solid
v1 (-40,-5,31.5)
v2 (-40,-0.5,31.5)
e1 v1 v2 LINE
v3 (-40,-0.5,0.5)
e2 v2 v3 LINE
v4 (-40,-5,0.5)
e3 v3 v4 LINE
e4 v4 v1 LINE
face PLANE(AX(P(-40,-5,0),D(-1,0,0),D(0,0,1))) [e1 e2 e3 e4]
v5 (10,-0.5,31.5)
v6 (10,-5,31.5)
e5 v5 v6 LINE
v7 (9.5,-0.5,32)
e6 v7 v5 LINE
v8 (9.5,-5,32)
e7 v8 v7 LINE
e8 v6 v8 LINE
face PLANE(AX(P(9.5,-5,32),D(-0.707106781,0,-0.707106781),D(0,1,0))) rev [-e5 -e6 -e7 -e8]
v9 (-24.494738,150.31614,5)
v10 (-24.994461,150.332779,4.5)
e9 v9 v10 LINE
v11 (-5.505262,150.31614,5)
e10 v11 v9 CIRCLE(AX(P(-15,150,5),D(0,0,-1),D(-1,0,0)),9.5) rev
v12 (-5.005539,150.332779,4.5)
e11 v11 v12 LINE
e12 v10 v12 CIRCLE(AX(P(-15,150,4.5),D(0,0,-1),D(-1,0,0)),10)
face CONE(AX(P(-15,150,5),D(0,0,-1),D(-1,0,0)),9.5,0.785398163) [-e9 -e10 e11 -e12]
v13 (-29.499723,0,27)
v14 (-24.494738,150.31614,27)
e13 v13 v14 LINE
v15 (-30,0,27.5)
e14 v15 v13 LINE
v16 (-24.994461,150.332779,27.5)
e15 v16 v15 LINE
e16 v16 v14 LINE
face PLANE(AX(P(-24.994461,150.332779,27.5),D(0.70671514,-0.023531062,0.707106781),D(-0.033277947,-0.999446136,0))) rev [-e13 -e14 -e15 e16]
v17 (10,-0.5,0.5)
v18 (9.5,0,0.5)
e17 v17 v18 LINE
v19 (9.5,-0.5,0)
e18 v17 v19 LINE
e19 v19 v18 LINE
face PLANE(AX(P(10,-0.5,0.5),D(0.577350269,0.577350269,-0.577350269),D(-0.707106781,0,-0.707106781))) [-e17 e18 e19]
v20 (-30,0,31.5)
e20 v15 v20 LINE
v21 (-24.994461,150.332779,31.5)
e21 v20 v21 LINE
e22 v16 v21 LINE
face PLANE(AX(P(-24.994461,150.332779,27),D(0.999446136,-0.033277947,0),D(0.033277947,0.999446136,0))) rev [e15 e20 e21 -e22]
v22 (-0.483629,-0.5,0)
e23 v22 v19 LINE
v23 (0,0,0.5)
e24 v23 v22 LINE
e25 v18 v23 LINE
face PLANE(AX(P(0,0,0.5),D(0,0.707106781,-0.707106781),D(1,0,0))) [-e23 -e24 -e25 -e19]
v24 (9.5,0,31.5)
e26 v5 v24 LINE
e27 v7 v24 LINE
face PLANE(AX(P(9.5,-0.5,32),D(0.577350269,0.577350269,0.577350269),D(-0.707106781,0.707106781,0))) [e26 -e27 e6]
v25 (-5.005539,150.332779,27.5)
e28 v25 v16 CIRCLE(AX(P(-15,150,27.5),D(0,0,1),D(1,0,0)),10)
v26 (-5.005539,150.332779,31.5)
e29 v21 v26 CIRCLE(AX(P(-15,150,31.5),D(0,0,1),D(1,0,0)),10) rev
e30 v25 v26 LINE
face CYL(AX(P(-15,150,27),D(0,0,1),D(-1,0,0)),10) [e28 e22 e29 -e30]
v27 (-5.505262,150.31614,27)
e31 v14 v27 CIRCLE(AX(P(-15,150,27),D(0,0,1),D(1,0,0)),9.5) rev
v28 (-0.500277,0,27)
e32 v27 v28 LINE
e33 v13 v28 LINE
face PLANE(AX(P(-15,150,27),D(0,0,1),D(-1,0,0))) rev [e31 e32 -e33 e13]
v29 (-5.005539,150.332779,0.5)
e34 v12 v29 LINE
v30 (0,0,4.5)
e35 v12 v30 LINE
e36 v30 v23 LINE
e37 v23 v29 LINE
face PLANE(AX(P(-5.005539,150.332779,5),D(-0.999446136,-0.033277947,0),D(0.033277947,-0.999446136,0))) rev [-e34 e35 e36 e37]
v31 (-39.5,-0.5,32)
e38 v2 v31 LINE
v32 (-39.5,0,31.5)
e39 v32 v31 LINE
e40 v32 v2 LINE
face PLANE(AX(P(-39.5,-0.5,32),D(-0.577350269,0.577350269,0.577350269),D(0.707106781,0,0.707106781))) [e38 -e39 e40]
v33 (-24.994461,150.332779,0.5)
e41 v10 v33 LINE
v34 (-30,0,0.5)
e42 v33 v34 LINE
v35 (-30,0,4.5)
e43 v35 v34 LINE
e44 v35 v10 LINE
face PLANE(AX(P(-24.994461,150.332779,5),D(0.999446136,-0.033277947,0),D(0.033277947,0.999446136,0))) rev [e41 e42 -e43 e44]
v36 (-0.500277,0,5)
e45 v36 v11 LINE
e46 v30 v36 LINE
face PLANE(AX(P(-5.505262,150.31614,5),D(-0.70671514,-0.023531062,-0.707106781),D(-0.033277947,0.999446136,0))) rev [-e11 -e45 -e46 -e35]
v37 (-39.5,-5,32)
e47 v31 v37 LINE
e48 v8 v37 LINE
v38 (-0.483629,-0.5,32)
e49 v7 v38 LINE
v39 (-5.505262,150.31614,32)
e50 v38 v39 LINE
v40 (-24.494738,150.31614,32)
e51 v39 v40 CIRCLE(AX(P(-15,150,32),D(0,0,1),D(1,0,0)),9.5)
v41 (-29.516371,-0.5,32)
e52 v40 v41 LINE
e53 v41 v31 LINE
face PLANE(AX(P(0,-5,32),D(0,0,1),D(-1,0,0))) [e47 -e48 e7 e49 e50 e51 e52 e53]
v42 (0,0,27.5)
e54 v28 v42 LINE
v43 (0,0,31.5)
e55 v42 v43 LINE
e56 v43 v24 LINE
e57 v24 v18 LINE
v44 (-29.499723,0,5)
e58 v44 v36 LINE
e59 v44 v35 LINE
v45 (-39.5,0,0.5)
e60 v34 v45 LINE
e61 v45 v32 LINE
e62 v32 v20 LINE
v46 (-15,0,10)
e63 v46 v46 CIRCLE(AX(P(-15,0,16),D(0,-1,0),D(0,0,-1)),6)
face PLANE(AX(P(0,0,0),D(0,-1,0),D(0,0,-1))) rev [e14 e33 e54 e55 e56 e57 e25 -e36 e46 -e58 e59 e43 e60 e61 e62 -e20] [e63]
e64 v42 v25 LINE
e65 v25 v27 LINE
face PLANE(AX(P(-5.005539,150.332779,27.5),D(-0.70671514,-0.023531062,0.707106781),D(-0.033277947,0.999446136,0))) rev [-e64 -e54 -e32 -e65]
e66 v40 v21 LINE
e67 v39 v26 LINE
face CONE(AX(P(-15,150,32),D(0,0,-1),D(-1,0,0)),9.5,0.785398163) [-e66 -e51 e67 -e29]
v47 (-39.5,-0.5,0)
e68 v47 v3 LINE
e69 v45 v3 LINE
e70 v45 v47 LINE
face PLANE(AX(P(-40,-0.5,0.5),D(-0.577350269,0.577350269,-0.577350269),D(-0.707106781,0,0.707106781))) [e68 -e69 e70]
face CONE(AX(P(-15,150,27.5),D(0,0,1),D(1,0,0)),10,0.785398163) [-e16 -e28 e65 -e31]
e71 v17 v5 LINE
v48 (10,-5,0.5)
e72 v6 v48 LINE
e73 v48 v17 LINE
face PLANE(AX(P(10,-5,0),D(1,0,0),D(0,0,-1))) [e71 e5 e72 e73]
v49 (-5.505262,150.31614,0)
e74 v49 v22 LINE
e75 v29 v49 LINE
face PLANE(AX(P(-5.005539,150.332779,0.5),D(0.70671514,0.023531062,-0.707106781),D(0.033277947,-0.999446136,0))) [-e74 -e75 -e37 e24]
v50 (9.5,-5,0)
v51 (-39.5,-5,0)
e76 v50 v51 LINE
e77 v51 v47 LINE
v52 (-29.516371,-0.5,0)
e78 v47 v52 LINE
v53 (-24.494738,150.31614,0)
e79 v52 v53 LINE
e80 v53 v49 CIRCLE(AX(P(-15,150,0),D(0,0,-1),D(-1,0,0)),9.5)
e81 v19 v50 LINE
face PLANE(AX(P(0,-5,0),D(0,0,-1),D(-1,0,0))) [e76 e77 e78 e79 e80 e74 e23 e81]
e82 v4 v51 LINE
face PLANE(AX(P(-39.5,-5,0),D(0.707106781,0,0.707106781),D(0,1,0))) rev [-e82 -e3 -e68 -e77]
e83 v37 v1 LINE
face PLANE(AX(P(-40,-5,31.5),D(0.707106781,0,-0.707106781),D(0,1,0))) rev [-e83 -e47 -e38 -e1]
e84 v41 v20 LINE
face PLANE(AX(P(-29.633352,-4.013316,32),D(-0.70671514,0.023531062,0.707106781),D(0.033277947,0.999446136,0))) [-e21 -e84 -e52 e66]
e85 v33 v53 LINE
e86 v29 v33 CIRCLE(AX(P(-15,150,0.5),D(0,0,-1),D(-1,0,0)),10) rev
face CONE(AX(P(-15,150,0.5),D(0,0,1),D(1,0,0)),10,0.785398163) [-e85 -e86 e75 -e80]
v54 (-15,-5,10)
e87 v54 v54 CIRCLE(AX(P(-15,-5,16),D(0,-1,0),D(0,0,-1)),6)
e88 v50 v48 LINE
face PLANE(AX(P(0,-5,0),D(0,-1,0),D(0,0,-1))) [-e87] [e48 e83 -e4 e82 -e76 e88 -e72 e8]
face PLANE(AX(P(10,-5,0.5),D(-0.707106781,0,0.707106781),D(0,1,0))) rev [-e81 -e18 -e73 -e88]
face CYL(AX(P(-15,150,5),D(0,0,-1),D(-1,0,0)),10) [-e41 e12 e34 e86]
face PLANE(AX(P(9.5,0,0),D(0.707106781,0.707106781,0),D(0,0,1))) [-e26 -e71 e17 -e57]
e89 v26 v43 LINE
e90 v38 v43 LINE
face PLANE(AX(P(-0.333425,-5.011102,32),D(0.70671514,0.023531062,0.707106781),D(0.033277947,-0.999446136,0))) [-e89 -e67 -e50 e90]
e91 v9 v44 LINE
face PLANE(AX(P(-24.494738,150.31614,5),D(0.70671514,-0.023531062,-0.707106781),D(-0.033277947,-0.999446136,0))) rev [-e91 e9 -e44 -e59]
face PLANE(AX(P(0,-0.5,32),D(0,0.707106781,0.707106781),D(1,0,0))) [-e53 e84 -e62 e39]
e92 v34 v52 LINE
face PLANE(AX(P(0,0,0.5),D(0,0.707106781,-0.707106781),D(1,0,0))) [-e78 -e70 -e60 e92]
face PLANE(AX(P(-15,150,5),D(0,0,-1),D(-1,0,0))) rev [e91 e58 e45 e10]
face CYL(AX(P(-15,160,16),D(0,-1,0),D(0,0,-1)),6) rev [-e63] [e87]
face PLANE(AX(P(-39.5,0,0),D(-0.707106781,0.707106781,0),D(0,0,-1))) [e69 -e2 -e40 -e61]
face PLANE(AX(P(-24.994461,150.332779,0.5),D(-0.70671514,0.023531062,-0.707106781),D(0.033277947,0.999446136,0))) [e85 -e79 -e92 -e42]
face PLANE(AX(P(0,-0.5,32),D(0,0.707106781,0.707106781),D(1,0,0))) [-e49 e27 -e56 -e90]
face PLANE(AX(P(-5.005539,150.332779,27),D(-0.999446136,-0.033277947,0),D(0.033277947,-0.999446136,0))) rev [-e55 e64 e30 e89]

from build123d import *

# Parameters (mm, degrees)
BOSS_EXTRUDE2_DEPTH = 5
BOSS_EXTRUDE3_DEPTH = 5
SKETCH3_R           = 6
CUT_EXTRUDE1_DEPTH  = 173.768631412
CHAMFER1_SIZE       = 0.5


with BuildPart() as part:
    # Sketch2 → Boss-Extrude2 (new body)
    with BuildSketch(Plane(origin=(0, 0, 0), x_dir=(1, 0, 0), z_dir=(0, 1, 0))):
        Polygon((0, 0), (-40, 0), (-40, -16), (0, -16), (10, -16), (10, 0), align=None)
    extrude(amount=-BOSS_EXTRUDE2_DEPTH)

    # Sketch1 → Boss-Extrude3 (add)
    with BuildSketch(Plane.XY):
        with BuildLine():
            Line((0, 0), (-30, 0))
            Line((-30, 0), (-24.994461357, 150.332779469))
            ThreePointArc((-24.994461357, 150.332779469), (-15, 160), (-5.005538643, 150.332779469))
            Line((-5.005538643, 150.332779469), (0, 0))
        make_face()
    extrude(amount=BOSS_EXTRUDE3_DEPTH)

    # Mirror1: part across plane


with BuildPart() as part_1:
    add(part.part)
    add(part.part.mirror(Plane(origin=(10, -5, 16), x_dir=(1, 0, 0), z_dir=(0, 0, 1))))

    # Sketch3 → Cut-Extrude1 (cut, through all)
    with BuildSketch(Plane.XZ.offset(5)):
        with Locations(Location((-15, 16, 0), (0, 0, 270))):
            Circle(SKETCH3_R)
    extrude(amount=-CUT_EXTRUDE1_DEPTH, mode=Mode.SUBTRACT)

    # Chamfer1
    chamfer1_edges = [part_1.edges().sort_by_distance(p)[0] for p in [
        (10, -2.5, 0),
        (-40, -2.5, 0),
        (-35, 0, 0),
        (-2.502769321, 75.166389735, 0),
        (-15, 160, 0),
        (-27.497230679, 75.166389735, 0),
        (-2.502769321, 75.166389735, 5),
        (-15, 160, 5),
        (-27.497230679, 75.166389735, 5),
        (-40, -2.5, 32),
        (5, 0, 32),
        (-2.502769321, 75.166389735, 32),
        (-15, 160, 32),
        (-27.497230679, 75.166389735, 32),
        (-35, 0, 32),
        (10, -2.5, 32),
        (-2.502769321, 75.166389735, 27),
        (-15, 160, 27),
        (-27.497230679, 75.166389735, 27),
        (10, 0, 16),
        (-40, 0, 16),
        (5, 0, 0),
    ]]
    chamfer(chamfer1_edges, length=CHAMFER1_SIZE)


solid = part_1.part
